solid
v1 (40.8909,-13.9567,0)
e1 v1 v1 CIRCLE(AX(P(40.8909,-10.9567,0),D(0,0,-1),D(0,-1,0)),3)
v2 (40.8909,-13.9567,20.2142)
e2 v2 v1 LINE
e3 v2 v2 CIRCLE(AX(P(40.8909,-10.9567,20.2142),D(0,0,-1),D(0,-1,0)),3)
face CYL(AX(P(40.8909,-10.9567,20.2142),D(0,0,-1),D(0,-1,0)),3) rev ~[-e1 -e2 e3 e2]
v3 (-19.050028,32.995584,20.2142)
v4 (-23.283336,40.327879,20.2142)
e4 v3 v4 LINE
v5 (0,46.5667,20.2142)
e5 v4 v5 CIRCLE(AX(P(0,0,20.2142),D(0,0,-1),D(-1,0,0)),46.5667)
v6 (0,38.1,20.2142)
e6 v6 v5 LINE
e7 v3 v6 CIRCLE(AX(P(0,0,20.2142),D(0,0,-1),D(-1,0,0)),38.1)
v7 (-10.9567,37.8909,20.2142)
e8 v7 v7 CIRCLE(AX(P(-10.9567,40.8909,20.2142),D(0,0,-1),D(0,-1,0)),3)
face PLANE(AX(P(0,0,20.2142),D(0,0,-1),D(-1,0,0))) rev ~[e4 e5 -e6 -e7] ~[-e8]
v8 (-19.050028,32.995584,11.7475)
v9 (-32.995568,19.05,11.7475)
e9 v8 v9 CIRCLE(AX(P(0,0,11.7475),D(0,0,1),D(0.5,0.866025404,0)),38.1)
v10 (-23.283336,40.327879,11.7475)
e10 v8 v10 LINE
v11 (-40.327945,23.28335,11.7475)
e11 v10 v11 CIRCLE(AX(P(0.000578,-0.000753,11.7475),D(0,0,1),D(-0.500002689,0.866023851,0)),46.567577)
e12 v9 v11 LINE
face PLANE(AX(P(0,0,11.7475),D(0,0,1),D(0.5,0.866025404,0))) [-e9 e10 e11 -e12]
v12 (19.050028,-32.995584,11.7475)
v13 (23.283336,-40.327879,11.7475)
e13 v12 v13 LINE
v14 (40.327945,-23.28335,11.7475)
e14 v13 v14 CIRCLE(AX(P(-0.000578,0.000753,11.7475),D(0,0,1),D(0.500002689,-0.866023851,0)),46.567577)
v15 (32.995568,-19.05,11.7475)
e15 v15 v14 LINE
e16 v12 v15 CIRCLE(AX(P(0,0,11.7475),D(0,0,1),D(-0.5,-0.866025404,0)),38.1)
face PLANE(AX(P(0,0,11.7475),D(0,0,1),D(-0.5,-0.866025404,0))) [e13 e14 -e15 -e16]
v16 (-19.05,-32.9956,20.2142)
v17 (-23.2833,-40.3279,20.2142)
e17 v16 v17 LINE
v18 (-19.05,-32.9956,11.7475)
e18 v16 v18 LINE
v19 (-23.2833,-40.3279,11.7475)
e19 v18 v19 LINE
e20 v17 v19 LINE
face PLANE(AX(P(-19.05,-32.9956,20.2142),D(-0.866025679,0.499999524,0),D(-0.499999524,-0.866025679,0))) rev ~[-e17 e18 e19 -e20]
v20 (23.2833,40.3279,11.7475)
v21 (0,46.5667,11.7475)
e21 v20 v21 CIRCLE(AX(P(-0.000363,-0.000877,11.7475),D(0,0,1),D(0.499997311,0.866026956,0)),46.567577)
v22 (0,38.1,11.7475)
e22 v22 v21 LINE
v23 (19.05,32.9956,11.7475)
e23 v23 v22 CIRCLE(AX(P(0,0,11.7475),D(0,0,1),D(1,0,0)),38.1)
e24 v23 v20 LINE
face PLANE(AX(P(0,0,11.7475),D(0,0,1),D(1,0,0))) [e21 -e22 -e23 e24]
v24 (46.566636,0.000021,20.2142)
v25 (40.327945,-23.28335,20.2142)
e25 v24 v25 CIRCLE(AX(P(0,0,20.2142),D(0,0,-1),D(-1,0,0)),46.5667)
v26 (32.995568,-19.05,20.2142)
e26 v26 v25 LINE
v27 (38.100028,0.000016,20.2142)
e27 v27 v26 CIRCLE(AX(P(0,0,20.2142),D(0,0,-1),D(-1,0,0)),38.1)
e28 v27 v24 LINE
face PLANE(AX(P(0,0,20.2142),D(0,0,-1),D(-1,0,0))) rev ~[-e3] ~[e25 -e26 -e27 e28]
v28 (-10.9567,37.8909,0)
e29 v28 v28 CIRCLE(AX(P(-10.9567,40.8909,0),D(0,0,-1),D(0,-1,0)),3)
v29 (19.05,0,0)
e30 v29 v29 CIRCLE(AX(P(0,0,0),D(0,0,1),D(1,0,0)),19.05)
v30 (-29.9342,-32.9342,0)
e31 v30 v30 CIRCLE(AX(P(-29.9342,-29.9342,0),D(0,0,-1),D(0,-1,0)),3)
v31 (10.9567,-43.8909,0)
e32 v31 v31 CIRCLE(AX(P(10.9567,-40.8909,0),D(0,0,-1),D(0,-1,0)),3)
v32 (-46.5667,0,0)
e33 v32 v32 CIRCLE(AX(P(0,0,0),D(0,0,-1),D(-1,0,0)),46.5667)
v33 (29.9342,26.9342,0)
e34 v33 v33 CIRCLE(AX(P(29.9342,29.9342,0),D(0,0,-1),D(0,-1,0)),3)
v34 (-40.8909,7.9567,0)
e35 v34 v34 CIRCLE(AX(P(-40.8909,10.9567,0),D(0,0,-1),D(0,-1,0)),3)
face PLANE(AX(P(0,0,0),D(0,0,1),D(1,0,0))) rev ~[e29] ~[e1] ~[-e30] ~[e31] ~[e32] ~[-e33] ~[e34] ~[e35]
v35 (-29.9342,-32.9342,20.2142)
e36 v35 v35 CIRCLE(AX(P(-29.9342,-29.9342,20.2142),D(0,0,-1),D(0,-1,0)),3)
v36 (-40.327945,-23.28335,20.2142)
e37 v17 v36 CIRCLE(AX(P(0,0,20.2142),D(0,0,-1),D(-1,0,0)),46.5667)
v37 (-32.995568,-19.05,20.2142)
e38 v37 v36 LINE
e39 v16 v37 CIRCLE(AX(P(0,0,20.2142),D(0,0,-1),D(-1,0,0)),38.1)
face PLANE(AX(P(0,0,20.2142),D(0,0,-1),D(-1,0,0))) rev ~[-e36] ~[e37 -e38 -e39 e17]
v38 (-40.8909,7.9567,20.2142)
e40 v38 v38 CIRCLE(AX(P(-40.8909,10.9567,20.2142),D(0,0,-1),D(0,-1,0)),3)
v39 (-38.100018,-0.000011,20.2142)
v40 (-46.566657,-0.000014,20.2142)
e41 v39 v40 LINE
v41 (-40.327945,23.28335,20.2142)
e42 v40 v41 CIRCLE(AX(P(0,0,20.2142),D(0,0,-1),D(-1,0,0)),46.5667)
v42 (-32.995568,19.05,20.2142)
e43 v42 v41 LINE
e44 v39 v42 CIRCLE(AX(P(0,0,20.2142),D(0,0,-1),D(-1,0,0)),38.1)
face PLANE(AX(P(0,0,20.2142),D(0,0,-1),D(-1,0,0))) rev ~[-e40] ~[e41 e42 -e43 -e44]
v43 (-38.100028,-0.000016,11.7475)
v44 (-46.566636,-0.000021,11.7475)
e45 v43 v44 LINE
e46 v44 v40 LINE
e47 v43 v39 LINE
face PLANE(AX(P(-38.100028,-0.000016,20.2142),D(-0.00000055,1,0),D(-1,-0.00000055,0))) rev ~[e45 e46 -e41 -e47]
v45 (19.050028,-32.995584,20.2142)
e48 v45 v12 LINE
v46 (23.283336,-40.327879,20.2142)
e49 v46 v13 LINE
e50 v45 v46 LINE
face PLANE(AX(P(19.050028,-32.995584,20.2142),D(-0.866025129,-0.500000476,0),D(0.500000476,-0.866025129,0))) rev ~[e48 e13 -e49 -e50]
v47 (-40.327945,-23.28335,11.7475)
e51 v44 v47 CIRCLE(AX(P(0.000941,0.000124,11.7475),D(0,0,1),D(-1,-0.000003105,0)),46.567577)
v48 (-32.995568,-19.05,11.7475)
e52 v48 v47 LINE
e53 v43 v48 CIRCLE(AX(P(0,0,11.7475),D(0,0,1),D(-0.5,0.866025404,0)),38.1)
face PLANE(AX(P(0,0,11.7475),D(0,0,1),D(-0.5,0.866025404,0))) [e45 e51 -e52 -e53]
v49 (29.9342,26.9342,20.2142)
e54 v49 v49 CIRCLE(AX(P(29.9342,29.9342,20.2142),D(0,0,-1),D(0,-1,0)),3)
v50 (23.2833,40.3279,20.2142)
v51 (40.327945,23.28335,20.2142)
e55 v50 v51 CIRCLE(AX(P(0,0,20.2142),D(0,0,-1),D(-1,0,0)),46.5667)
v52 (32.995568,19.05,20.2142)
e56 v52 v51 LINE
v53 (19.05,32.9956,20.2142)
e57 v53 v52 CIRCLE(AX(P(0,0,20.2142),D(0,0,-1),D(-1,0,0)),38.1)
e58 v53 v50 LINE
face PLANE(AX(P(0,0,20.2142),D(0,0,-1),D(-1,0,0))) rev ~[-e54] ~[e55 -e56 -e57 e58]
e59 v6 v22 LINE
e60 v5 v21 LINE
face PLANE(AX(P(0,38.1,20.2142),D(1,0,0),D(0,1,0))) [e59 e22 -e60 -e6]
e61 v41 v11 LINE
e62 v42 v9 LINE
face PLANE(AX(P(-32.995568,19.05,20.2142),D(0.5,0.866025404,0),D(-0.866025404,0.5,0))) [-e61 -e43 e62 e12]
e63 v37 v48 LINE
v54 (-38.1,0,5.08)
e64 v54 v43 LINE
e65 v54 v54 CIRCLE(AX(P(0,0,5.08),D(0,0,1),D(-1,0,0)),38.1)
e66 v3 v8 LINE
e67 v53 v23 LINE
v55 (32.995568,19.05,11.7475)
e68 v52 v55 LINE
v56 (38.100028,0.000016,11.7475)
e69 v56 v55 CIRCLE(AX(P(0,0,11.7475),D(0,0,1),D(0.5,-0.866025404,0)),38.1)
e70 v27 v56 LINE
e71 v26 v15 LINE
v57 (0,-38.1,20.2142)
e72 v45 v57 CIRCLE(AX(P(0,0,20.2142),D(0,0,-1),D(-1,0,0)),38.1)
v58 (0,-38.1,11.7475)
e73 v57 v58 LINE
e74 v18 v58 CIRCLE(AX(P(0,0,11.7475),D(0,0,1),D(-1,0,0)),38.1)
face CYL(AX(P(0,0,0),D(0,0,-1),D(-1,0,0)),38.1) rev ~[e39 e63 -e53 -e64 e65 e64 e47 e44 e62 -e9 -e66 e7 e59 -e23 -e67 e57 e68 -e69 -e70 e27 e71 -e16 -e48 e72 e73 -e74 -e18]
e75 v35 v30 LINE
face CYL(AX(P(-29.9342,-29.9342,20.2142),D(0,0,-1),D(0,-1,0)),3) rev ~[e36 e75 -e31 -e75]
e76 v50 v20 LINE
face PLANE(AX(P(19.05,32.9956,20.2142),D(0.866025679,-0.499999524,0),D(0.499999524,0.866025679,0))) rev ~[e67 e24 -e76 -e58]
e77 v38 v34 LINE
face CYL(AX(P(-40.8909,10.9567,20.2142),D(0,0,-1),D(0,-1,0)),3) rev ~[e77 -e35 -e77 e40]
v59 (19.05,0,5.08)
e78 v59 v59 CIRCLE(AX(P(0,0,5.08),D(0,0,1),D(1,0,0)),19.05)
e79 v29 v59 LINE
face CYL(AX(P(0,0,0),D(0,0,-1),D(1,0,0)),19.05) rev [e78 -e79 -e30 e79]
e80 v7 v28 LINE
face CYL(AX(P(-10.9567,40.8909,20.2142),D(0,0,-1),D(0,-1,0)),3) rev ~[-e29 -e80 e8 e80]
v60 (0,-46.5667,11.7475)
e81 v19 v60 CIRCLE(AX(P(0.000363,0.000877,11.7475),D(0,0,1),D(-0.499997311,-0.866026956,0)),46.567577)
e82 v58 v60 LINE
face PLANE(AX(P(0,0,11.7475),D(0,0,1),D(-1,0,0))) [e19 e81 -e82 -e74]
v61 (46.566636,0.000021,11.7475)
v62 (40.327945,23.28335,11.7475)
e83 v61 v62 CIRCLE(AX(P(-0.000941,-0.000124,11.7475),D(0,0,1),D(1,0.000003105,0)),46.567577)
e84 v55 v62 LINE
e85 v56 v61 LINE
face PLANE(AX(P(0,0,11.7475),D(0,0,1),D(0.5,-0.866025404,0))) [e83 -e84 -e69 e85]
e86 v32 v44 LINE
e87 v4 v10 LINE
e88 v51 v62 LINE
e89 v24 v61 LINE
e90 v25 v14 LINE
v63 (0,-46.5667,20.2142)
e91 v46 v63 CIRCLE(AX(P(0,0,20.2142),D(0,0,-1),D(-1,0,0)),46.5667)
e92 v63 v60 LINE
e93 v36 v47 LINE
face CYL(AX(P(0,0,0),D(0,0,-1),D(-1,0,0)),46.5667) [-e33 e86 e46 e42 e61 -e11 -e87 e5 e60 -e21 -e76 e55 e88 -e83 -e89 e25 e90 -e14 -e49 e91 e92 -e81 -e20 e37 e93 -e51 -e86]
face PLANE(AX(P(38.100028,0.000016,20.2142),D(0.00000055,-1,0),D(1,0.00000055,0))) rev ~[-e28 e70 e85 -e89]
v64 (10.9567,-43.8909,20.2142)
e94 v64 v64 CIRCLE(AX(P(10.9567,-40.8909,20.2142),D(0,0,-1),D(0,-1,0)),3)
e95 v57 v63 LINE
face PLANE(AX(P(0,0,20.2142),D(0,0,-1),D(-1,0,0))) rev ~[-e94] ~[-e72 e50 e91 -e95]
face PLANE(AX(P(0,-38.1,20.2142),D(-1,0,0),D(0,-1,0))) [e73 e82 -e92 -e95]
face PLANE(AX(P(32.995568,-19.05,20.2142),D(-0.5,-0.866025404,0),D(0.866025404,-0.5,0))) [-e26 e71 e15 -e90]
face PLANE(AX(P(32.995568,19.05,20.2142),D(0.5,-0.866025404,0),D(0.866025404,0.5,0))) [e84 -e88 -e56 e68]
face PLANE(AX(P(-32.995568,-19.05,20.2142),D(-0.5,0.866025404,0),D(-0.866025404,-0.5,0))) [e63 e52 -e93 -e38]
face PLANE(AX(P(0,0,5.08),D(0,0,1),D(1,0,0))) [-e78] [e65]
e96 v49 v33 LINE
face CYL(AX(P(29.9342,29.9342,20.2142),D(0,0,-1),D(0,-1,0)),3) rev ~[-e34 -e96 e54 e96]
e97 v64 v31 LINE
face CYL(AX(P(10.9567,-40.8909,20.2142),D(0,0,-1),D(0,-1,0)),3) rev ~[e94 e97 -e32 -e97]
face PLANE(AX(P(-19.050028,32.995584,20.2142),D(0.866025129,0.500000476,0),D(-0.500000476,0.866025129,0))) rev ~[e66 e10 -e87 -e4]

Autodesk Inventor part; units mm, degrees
ref_plane "YZ Plane" through (0, 0, 0) normal (1, 0, 0) x (0, 1, 0)
ref_plane "XZ Plane" through (0, 0, 0) normal (0, 1, 0) x (-1, 0, 0)
ref_plane "XY Plane" through (0, 0, 0) normal (0, 0, 1) x (1, 0, 0)
sketch "Sketch1" plane through (0, 0, 0) normal (0, 0, 1) x (1, 0, 0)
  circle A0 centre (0, 0) radius 38.1
  circle A1 centre (0, 0) radius 19.05
  dimension "d0" = 76.2
  dimension "d1" = 38.1
extrude "Extrusion1" add sketch "Sketch1" along normal blind 5.08
sketch "Sketch2" plane through (0, 0, 0) normal (0, 0, -1) x (-1, 0, 0)
  circle A0 centre (0, 0) radius 46.5667
  circle A1 centre (0, 0) radius 38.1 projected
  dimension "d8" = 8.4667
extrude "Extrusion2" add sketch "Sketch2" against normal blind 20.2142
sketch "Sketch3" plane through (0, 0, 20.2142) normal (0, 0, 1) x (1, 0, 0)
  circle A0 centre (0, 0) radius 46.5667 construction
  arc A1 (23.2833, 40.3279) -> (0, 46.5667) centre (0, 0) ccw
  line L0 (0, 0) -> (23.2833, 40.3279) construction
  line L1 (0, 0) -> (0, 46.5667) construction
  circle A2 centre (0, 0) radius 38.1 projected
  circle A3 centre (0, 0) radius 46.5667 projected
  circle A4 centre (0, 0) radius 38.1 projected
  line L2 (0, 38.1) -> (0, 46.5667)
  line L3 (19.05, 32.9956) -> (23.2833, 40.3279)
  arc A5 (19.05, 32.9956) -> (0, 38.1) centre (0, 0) ccw
  dimension "d9" = 30
extrude "Extrusion3" cut sketch "Sketch3" against normal blind 8.4667 contours L3 A2 L2 A1
pattern_circular "Circular Pattern1" count 6 over 360 about axis through (0, 0, 0) along (0, 0, 1) of "Extrusion3"
sketch "Sketch4" plane through (0, 0, 20.2142) normal (0, 0, 1) x (1, 0, 0)
  line L0 (-40.8909, 10.9567) -> (-10.9567, 40.8909)
  line L1 (-10.9567, 40.8909) -> (29.9342, 29.9342)
  line L2 (29.9342, 29.9342) -> (40.8909, -10.9567)
  line L3 (40.8909, -10.9567) -> (10.9567, -40.8909)
  line L4 (10.9567, -40.8909) -> (-29.9342, -29.9342)
  line L5 (-29.9342, -29.9342) -> (-40.8909, 10.9567)
  line L6 (-23.2833, 40.3279) -> (-19.05, 32.9956) projected
  arc A0 (0, 38.1) -> (-19.05, 32.9956) centre (0, 0) ccw projected
  line L7 (0, 38.1) -> (0, 46.5667) projected
  arc A1 (0, 46.5667) -> (-23.2833, 40.3279) centre (0, 0) ccw projected
  arc A2 (0, 38.1) -> (-19.05, 32.9956) centre (0, 0) ccw projected
  line L8 (-9.861, 36.8018) -> (-12.0523, 44.9799)
  arc A3 (0, 46.5667) -> (-23.2833, 40.3279) centre (0, 0) ccw projected
hole "Hole1" at (-10.9567, 40.8909, 20.2142) at (29.9342, 29.9342, 20.2142) at (-40.8909, 10.9567, 20.2142) at (-29.9342, -29.9342, 20.2142) at (10.9567, -40.8909, 20.2142) at (40.8909, -10.9567, 20.2142) direction (0, 0, -1) diameter 6 end through all
properties part number "Stator"
